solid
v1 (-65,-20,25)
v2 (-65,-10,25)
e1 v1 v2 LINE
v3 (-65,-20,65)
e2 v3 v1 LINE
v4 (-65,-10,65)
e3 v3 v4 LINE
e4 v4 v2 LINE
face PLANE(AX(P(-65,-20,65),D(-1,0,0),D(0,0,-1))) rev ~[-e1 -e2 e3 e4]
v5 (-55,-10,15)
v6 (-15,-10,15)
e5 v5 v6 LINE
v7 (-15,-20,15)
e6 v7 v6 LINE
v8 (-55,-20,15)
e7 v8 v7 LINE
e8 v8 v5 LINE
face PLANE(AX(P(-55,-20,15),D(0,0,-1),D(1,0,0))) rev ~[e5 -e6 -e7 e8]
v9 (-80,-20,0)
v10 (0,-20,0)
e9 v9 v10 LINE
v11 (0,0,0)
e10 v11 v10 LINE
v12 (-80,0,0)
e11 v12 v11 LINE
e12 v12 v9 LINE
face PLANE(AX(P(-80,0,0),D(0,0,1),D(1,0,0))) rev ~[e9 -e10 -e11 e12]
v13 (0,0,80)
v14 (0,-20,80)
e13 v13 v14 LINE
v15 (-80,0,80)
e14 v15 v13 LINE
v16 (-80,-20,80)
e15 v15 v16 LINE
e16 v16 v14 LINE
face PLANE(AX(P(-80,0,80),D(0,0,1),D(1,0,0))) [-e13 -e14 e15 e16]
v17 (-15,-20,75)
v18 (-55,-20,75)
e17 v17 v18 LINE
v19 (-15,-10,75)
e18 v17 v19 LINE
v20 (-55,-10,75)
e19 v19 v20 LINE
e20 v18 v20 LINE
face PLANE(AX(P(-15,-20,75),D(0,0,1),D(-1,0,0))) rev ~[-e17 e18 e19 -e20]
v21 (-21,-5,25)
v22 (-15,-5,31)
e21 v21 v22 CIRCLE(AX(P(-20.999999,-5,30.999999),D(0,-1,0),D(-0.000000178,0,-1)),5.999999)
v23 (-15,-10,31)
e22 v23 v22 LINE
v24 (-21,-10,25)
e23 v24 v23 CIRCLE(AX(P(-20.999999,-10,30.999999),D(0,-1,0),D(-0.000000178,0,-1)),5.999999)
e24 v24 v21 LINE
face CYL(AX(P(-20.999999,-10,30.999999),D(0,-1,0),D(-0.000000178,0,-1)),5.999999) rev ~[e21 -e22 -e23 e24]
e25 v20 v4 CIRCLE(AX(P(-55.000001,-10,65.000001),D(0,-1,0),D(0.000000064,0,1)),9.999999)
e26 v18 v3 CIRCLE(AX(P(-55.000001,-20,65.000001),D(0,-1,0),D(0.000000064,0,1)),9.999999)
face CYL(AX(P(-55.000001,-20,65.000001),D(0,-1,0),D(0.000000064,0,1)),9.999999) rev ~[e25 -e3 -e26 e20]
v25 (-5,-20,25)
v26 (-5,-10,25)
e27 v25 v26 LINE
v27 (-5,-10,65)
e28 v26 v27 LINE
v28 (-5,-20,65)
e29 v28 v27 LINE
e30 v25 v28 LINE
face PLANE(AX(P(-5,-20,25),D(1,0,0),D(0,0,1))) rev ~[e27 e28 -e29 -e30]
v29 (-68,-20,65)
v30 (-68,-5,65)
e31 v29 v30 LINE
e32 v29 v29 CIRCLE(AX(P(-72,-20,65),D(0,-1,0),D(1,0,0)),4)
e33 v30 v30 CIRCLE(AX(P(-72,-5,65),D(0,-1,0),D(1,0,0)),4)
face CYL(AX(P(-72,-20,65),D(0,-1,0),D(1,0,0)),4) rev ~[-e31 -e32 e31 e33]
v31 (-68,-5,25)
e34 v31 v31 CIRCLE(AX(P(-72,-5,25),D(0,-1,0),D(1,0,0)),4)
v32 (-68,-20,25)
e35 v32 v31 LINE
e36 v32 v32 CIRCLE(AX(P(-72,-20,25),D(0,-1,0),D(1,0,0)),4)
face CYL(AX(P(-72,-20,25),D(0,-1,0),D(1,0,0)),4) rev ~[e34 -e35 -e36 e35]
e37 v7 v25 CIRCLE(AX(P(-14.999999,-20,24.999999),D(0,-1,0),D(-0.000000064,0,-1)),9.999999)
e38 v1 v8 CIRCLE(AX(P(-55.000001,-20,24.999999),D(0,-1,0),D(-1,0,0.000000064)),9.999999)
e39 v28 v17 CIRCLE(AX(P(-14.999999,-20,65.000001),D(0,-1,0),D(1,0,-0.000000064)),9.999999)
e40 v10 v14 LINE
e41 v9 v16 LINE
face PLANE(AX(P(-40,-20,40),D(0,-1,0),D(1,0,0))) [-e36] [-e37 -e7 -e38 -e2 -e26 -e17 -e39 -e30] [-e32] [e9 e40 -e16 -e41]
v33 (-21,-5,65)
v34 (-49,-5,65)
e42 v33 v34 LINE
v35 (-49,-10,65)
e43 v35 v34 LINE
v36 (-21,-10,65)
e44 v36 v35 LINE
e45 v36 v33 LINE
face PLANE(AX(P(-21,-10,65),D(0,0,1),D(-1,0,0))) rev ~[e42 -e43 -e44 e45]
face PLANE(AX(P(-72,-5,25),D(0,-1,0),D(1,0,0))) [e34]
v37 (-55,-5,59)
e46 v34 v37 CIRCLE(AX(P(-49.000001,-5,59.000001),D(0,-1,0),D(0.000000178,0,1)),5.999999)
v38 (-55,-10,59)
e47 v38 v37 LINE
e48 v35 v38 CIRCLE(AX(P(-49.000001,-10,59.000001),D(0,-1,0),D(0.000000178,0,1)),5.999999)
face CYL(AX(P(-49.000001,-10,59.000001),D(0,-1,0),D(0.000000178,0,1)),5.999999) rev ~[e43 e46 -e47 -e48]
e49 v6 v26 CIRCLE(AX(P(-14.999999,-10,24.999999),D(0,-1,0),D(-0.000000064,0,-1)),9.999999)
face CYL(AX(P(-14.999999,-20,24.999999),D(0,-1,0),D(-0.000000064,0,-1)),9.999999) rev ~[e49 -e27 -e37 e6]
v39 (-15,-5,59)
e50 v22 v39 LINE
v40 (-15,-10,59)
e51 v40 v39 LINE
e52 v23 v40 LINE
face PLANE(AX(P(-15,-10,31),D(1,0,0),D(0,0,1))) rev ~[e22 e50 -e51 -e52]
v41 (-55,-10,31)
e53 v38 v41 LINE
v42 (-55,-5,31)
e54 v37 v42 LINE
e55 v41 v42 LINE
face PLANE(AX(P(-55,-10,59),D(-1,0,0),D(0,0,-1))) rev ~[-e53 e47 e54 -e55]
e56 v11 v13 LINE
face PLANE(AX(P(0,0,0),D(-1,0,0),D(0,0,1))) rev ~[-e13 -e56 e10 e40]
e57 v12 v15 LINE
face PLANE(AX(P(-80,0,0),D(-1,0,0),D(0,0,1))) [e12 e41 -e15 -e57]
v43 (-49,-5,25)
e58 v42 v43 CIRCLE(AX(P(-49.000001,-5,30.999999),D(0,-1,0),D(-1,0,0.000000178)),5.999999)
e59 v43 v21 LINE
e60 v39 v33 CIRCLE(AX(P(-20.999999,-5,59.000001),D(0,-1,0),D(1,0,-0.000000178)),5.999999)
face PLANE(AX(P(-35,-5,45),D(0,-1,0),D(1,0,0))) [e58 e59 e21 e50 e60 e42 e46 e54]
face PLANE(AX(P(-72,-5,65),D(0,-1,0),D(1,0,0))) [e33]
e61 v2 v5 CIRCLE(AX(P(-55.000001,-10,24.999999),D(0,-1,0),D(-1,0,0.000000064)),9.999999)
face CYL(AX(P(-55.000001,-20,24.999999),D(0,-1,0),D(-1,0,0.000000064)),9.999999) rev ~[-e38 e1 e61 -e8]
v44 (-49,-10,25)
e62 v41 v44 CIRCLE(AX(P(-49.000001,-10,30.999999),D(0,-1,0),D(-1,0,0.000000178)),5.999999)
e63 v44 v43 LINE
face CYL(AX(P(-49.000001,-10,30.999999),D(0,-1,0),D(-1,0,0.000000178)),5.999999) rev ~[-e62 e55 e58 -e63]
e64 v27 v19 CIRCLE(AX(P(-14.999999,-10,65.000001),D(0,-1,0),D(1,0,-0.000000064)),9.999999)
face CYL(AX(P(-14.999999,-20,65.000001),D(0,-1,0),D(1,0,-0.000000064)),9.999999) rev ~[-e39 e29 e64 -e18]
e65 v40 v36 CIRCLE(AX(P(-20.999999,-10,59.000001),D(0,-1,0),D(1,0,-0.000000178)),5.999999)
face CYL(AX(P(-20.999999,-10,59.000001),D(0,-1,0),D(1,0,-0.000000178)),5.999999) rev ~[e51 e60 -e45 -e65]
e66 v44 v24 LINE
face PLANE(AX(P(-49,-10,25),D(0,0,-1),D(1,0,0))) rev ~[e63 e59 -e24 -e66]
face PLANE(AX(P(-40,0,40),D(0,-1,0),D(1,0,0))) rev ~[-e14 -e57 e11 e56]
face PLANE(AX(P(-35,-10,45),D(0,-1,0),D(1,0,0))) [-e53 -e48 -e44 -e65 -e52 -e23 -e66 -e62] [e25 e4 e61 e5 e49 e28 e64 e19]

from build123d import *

# Parameters (mm, degrees)
F0_W     = 80
F0_H     = 80
F1_DEPTH = 20
F3_DEPTH = 10
F5_DEPTH = 5
F6_R     = 4
F7_DEPTH = 15


with BuildPart() as f1:
    # F0 (on Front) → F1 (new body)
    with BuildSketch(Plane.XZ):
        with Locations((-40, 40)):
            Rectangle(F0_W, F0_H)
    extrude(amount=F1_DEPTH)

    # F2 (on face) → F3 (cut)
    with BuildSketch(Plane.XZ.offset(20)):
        with BuildLine():
            Line((-15, 75), (-55, 75))
            ThreePointArc((-55, 75), (-62.071068, 72.071068), (-65, 65))
            Line((-65, 65), (-65, 25))
            ThreePointArc((-65, 25), (-62.071068, 17.928932), (-55, 15))
            Line((-55, 15), (-15, 15))
            ThreePointArc((-15, 15), (-7.928932, 17.928932), (-5, 25))
            Line((-5, 25), (-5, 65))
            ThreePointArc((-5, 65), (-7.928932, 72.071068), (-15, 75))
        make_face()
    extrude(amount=-F3_DEPTH, mode=Mode.SUBTRACT)

    # F4 (on face) → F5 (cut)
    with BuildSketch(Plane.XZ.offset(10)):
        with BuildLine():
            Line((-21, 65), (-49, 65))
            ThreePointArc((-49, 65), (-53.242641, 63.242641), (-55, 59))
            Line((-55, 59), (-55, 31))
            ThreePointArc((-55, 31), (-53.242641, 26.757359), (-49, 25))
            Line((-49, 25), (-21, 25))
            ThreePointArc((-21, 25), (-16.757359, 26.757359), (-15, 31))
            Line((-15, 31), (-15, 59))
            ThreePointArc((-15, 59), (-16.757359, 63.242641), (-21, 65))
        make_face()
    extrude(amount=-F5_DEPTH, mode=Mode.SUBTRACT)

    # F6 (on face) → F7 (cut)
    with BuildSketch(Plane.XZ.offset(20)):
        with Locations((-72, 65)):
            Circle(F6_R)
        with Locations((-72, 25)):
            Circle(F6_R)
    extrude(amount=-F7_DEPTH, mode=Mode.SUBTRACT)


solid = f1.part
